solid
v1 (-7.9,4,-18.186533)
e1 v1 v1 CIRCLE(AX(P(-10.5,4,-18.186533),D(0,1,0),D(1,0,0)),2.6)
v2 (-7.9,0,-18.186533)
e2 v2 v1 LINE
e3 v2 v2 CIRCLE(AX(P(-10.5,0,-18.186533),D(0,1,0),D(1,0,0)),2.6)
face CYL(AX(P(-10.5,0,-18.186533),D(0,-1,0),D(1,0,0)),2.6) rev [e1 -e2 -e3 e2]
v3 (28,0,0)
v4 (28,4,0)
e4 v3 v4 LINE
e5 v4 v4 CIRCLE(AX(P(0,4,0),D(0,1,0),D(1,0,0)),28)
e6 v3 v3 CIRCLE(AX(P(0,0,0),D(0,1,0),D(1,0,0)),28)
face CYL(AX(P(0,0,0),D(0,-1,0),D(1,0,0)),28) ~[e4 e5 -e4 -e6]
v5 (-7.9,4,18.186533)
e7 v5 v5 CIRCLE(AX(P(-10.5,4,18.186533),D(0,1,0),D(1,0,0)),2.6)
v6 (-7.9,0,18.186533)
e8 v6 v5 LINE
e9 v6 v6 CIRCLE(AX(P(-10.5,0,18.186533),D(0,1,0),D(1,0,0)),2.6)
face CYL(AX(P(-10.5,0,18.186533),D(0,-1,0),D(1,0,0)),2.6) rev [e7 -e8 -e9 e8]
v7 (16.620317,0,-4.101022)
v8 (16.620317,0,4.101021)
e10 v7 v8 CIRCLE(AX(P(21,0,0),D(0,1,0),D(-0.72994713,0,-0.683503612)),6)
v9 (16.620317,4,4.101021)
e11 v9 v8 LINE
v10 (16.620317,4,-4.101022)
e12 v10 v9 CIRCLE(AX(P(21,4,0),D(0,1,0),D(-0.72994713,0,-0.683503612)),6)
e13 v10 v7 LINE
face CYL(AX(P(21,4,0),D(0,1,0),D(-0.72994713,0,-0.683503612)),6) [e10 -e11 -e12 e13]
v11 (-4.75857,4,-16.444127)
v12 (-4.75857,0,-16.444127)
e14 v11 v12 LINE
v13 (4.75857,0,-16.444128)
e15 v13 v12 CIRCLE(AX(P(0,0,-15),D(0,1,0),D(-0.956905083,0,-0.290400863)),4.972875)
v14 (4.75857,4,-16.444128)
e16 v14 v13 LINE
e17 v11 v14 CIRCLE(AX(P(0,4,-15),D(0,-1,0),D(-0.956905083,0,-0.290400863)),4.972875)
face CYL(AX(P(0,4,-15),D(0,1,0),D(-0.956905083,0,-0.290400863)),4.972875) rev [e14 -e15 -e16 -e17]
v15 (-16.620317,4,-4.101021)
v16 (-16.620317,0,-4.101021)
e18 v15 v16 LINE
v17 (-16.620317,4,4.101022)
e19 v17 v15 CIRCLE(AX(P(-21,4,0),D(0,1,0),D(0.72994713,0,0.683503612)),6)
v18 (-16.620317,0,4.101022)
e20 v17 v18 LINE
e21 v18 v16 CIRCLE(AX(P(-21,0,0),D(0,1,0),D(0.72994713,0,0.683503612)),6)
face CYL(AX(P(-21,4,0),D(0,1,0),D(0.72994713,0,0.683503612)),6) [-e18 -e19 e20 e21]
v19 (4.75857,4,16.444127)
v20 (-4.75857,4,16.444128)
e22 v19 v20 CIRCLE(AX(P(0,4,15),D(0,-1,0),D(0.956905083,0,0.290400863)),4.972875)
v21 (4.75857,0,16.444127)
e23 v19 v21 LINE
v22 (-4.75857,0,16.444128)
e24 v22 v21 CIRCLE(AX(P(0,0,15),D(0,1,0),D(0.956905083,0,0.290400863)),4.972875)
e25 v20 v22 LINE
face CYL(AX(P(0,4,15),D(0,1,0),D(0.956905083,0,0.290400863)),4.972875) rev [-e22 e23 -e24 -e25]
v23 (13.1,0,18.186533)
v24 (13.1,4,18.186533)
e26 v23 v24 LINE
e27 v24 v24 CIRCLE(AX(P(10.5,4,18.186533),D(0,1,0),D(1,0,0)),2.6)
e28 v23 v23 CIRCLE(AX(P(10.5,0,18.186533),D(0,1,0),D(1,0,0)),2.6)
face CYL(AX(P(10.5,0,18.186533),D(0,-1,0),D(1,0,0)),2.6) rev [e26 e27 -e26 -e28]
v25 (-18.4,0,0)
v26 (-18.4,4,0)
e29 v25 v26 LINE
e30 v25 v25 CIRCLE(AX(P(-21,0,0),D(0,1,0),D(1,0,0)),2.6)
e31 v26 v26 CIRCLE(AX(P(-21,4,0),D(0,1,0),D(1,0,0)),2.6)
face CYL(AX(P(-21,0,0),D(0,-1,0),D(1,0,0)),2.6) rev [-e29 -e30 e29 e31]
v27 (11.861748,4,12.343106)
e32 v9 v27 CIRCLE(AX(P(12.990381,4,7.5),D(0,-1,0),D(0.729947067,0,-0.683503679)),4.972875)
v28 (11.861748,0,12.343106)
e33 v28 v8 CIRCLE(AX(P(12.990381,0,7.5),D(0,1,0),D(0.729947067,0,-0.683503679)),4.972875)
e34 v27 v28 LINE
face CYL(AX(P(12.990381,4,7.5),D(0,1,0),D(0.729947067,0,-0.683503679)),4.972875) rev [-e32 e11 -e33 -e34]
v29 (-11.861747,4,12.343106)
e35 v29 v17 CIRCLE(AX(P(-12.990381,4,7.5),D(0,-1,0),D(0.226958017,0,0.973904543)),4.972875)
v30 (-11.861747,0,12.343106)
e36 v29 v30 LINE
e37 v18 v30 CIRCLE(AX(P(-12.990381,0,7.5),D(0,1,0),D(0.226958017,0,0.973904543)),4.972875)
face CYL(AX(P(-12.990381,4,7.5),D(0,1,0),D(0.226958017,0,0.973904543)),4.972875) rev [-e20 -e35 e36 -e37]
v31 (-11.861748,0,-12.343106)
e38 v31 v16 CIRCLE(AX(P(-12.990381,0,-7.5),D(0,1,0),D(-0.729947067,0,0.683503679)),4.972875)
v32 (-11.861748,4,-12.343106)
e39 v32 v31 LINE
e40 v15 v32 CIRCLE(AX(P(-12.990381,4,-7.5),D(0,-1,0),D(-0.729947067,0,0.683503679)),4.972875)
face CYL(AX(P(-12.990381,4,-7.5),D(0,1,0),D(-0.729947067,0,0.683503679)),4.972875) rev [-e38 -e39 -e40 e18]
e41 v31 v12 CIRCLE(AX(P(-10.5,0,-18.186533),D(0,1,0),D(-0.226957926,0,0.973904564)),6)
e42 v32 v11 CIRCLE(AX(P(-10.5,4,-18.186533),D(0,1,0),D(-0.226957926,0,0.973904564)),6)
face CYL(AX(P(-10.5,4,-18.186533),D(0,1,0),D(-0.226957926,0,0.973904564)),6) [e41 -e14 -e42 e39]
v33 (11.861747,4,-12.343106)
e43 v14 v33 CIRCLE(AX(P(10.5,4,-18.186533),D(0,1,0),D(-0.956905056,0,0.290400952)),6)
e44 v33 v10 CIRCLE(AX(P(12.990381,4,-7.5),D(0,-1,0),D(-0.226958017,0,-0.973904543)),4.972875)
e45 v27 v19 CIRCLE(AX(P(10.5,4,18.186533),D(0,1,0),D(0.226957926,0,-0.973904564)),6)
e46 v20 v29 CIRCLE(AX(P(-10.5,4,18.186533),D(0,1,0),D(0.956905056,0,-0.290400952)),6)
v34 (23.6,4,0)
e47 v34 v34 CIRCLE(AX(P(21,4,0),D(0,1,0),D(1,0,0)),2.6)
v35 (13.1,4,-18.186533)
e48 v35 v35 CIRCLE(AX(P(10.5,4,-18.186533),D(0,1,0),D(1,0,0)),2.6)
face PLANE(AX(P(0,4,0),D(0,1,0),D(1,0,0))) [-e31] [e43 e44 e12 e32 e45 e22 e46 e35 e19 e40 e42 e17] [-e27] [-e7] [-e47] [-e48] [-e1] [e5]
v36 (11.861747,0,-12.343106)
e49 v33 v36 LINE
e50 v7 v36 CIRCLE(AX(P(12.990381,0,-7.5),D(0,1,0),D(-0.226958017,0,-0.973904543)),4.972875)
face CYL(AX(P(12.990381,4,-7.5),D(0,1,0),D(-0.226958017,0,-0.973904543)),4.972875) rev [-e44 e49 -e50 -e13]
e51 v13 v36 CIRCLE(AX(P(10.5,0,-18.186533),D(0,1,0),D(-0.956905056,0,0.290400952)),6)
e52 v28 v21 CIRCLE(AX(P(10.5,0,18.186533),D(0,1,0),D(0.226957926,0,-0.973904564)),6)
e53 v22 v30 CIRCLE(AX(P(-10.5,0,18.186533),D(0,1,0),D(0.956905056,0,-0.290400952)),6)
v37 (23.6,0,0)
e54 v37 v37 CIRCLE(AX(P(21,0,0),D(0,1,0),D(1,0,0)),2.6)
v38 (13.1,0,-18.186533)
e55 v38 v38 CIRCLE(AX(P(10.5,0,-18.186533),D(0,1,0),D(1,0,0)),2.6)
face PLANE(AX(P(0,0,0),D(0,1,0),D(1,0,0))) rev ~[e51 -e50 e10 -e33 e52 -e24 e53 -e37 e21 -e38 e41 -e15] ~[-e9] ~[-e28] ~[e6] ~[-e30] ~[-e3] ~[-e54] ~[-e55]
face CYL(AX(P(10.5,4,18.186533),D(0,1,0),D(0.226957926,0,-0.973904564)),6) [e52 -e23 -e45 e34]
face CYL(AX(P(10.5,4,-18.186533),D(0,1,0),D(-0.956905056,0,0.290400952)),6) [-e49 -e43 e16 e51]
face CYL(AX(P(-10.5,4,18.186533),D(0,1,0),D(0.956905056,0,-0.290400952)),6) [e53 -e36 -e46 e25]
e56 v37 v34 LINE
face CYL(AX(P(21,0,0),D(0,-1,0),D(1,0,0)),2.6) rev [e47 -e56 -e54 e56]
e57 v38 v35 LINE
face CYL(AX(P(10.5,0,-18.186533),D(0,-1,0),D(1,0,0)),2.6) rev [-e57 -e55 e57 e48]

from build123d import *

# Parameters (mm, degrees)
SKETCH_1_R               = 28
SKETCH_1_R_2             = 2.6
EXTRUDE_1_DEPTH          = 4
CUT_EXTRUDE_2_DEPTH      = 1
CUT_EXTRUDE_2_DEPTH_BACK = 5


with BuildPart() as part:
    # 草图1 → 凸台-拉伸1 (new body)
    with BuildSketch(Plane(origin=(0, 0, 0), x_dir=(1, 0, 0), z_dir=(0, 1, 0))):
        Circle(SKETCH_1_R)
        with Locations((10.5, 18.186533479)):
            Circle(SKETCH_1_R_2, mode=Mode.SUBTRACT)
        with Locations((21, 0)):
            Circle(SKETCH_1_R_2, mode=Mode.SUBTRACT)
        with Locations((10.5, -18.186533479)):
            Circle(SKETCH_1_R_2, mode=Mode.SUBTRACT)
        with Locations((-10.5, -18.186533479)):
            Circle(SKETCH_1_R_2, mode=Mode.SUBTRACT)
        with Locations((-21, 0)):
            Circle(SKETCH_1_R_2, mode=Mode.SUBTRACT)
        with Locations((-10.5, 18.186533479)):
            Circle(SKETCH_1_R_2, mode=Mode.SUBTRACT)
    extrude(amount=EXTRUDE_1_DEPTH)

    # 草图4 → 切除-拉伸2 (cut, two sides)
    with BuildSketch(Plane(origin=(0, 4, 0), x_dir=(1, 0, 0), z_dir=(0, 1, 0))) as cut_extrude_2_sk:
        with BuildLine():
            ThreePointArc((4.758569662, 16.444127766), (7.4999998, 12.990381172), (11.861747108, 12.343105991))
            ThreePointArc((11.861747108, 12.343105991), (17.29701741, 9.986437924), (16.620317219, 4.10102167))
            ThreePointArc((16.620317219, 4.10102167), (15, 2.31e-07), (16.620316904, -4.101021333))
            ThreePointArc((16.620316904, -4.101021333), (17.297017641, -9.986437525), (11.861747557, -12.343106096))
            ThreePointArc((11.861747557, -12.343106096), (7.5000002, -12.990380941), (4.758569796, -16.444127324))
            ThreePointArc((4.758569796, -16.444127324), (2.31e-07, -19.972875449), (-4.758569662, -16.444127766))
            ThreePointArc((-4.758569662, -16.444127766), (-7.4999998, -12.990381172), (-11.861747108, -12.343105991))
            ThreePointArc((-11.861747108, -12.343105991), (-17.29701741, -9.986437924), (-16.620317219, -4.10102167))
            ThreePointArc((-16.620317219, -4.10102167), (-15, -2.31e-07), (-16.620316904, 4.101021333))
            ThreePointArc((-16.620316904, 4.101021333), (-17.297017641, 9.986437525), (-11.861747557, 12.343106096))
            ThreePointArc((-11.861747557, 12.343106096), (-7.5000002, 12.990380941), (-4.758569796, 16.444127324))
            ThreePointArc((-4.758569796, 16.444127324), (-2.31e-07, 19.972875449), (4.758569662, 16.444127766))
        make_face()
    extrude(amount=CUT_EXTRUDE_2_DEPTH, mode=Mode.SUBTRACT)
    extrude(cut_extrude_2_sk.sketch, amount=-CUT_EXTRUDE_2_DEPTH_BACK, mode=Mode.SUBTRACT)


solid = part.part
